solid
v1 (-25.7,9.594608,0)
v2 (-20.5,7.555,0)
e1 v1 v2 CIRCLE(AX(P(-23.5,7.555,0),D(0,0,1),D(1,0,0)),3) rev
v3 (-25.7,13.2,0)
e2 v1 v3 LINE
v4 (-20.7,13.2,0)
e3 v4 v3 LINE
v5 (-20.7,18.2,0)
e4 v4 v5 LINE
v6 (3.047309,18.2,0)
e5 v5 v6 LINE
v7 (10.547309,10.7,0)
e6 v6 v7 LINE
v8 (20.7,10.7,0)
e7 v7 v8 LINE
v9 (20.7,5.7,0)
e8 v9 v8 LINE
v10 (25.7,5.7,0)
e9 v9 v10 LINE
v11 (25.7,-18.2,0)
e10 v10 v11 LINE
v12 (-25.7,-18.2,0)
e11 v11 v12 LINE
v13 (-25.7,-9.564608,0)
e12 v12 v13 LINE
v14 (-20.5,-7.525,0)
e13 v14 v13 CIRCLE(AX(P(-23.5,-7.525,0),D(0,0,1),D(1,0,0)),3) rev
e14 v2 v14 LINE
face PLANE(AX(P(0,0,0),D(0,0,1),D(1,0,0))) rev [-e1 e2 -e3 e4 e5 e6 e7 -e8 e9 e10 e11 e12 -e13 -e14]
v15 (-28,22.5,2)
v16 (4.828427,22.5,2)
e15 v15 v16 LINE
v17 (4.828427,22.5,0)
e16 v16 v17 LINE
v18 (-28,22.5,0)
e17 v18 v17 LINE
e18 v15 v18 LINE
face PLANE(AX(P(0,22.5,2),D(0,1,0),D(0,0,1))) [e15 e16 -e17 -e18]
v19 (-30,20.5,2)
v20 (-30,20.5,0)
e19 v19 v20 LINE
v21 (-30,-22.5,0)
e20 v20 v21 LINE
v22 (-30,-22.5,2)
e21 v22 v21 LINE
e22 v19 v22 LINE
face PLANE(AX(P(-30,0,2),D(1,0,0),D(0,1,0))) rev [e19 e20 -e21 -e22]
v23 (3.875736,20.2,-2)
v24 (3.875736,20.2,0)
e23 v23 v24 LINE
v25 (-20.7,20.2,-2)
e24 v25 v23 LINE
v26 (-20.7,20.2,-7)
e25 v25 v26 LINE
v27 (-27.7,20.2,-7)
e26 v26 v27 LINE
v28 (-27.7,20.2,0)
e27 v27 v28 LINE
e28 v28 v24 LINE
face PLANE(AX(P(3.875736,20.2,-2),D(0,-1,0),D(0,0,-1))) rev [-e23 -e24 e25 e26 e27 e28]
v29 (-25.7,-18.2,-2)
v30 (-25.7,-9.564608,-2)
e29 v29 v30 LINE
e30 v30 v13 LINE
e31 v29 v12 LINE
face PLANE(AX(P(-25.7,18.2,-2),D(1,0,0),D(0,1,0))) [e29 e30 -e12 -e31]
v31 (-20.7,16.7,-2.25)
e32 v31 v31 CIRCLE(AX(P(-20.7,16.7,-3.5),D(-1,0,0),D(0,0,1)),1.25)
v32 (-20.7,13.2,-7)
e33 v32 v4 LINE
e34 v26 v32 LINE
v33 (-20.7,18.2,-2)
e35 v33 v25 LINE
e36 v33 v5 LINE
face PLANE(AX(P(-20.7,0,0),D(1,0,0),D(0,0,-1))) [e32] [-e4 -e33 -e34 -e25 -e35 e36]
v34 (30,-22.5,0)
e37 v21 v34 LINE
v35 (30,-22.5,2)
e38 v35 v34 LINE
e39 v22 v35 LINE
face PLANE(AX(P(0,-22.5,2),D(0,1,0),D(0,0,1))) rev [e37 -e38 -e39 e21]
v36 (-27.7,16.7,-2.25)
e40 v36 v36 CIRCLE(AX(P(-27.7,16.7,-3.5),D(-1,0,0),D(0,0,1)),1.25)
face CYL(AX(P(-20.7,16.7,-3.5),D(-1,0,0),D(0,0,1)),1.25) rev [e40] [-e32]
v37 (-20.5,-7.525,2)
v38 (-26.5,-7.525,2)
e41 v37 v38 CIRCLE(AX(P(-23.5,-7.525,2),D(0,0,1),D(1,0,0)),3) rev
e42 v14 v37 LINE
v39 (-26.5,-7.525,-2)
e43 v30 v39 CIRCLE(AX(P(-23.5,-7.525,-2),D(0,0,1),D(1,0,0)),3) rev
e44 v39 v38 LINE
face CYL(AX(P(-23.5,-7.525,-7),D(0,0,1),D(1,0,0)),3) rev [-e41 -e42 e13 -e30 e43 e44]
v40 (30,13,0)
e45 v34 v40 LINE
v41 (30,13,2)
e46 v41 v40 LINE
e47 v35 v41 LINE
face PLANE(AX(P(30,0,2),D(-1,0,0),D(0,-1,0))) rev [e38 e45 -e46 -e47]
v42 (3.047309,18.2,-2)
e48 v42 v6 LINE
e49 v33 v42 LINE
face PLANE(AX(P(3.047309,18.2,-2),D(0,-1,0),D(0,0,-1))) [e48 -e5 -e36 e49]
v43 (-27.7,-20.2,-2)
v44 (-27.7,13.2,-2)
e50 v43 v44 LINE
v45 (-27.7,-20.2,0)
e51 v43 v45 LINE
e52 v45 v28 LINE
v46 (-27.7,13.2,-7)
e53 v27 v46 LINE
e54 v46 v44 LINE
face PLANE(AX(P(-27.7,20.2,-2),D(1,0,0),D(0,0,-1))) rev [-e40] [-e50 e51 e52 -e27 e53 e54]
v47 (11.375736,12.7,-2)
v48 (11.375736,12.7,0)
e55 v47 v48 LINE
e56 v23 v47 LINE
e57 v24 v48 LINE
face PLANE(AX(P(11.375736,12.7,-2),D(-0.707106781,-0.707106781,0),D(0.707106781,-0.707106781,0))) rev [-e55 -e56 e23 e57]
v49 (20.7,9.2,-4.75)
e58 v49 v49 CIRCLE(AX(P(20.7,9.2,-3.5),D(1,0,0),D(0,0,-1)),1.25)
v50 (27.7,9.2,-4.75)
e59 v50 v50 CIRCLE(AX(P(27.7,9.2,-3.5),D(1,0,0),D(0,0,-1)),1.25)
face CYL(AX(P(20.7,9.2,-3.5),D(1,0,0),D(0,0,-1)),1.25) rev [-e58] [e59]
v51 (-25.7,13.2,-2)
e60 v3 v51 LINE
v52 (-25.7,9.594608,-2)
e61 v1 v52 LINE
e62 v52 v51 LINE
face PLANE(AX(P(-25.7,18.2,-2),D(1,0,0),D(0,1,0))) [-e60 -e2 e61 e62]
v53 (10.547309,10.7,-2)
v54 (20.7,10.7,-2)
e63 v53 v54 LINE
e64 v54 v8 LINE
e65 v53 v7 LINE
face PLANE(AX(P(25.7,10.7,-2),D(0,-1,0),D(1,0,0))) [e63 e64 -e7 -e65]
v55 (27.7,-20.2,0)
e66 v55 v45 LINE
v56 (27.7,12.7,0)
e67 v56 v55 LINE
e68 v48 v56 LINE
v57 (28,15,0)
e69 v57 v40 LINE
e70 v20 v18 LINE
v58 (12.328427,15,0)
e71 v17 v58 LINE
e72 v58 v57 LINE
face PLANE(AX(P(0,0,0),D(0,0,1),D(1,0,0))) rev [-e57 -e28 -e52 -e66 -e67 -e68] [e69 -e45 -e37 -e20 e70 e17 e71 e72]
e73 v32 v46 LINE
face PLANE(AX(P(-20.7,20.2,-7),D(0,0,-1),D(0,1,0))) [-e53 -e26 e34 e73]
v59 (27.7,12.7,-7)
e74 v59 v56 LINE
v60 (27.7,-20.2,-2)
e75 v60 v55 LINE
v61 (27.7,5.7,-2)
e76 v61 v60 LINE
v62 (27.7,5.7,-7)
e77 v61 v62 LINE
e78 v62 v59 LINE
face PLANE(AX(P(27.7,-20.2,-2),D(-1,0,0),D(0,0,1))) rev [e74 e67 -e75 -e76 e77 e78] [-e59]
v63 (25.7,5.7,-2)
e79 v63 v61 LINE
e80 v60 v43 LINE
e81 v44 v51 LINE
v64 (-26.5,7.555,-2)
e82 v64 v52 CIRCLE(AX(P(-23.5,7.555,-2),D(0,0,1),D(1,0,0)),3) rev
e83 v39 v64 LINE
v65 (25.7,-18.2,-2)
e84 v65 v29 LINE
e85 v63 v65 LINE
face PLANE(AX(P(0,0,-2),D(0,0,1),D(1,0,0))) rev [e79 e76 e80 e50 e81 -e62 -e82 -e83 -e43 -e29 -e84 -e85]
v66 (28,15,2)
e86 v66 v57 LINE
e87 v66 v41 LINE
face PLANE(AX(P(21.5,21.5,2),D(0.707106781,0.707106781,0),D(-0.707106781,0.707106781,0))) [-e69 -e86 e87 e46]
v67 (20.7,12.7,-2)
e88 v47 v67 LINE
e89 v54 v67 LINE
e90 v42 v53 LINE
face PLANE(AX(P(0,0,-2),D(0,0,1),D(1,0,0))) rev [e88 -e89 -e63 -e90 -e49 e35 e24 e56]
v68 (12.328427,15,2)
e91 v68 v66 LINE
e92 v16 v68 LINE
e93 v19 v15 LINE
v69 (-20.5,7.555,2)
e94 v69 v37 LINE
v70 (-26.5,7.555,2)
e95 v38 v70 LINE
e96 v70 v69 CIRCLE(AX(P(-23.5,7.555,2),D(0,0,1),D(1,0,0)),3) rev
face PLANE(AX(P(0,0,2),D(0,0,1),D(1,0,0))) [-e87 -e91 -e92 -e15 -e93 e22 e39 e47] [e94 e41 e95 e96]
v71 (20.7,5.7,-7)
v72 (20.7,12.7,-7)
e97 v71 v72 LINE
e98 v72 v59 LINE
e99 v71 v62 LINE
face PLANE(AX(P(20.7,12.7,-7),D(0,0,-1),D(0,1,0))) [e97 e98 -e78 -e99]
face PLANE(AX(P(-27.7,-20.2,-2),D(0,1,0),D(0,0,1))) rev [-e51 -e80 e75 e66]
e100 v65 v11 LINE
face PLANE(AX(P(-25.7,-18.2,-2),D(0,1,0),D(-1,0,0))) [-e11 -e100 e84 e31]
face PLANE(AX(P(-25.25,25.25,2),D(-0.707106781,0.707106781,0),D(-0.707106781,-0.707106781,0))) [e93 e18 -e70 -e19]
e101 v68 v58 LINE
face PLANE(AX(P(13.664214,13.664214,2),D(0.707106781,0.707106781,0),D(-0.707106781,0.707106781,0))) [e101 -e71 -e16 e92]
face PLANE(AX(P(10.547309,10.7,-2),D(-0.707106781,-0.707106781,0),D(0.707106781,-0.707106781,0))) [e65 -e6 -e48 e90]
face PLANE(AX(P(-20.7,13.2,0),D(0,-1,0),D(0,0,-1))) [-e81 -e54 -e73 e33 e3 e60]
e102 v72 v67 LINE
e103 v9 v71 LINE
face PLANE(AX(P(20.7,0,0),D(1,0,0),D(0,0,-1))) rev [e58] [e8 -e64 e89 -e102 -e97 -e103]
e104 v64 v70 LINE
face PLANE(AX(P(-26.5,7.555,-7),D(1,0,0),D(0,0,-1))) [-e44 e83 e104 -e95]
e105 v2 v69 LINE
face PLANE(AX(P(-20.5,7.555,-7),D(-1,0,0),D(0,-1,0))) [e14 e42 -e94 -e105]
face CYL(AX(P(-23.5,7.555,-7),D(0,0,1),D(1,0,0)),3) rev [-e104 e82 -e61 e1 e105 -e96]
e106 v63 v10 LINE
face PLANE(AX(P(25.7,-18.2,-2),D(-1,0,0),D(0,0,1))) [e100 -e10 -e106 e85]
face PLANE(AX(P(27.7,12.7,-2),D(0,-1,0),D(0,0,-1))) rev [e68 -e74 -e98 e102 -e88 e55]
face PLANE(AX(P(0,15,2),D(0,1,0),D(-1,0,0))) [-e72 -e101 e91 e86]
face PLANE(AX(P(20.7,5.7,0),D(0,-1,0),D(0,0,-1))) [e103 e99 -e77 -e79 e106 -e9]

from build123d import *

# Parameters (mm, degrees)
EXTRUDE_1_DEPTH          = 2
EXTRUDE_3_DEPTH          = 2
SKETCH_5_W               = 7
SKETCH_5_H               = 7
SKETCH_5_R               = 1.25
EXTRUDE_4_DEPTH          = 7
SKETCH_6_W               = 7
SKETCH_6_H               = 7
SKETCH_6_R               = 1.25
EXTRUDE_5_DEPTH          = 7
CUT_EXTRUDE_1_DEPTH      = 7
CUT_EXTRUDE_1_DEPTH_BACK = 2


with BuildPart() as part:
    # Эскиз1 → Бобышка-Вытянуть1 (new body)
    with BuildSketch(Plane.XY):
        Polygon((-30, 20.5), (-28, 22.5), (4.828427125, 22.5), (12.328427125, 15), (28, 15), (30, 13), (30, -22.5), (-30, -22.5), align=None)
    extrude(amount=EXTRUDE_1_DEPTH)

    # Эскиз4 → Бобышка-Вытянуть3 (add)
    with BuildSketch(Plane(origin=(0, 0, 0), x_dir=(-1, 0, 0), z_dir=(0, 0, -1))):
        Polygon((-27.7, -20.2), (-27.7, 12.7), (-11.375735931, 12.7), (-3.875735931, 20.2), (27.7, 20.2), (27.7, -20.2), align=None)
        Polygon((-25.7, 10.7), (-10.547308807, 10.7), (-3.047308807, 18.2), (25.7, 18.2), (25.7, -18.2), (-25.7, -18.2), align=None, mode=Mode.SUBTRACT)
    extrude(amount=EXTRUDE_3_DEPTH)

    # Эскиз5 → Бобышка-Вытянуть4 (add)
    with BuildSketch(Plane(origin=(27.7, 0, 0), x_dir=(0, 0, -1), z_dir=(1, 0, 0))):
        with Locations((3.5, 9.2)):
            Rectangle(SKETCH_5_W, SKETCH_5_H)
        with Locations((3.5, 9.2)):
            Circle(SKETCH_5_R, mode=Mode.SUBTRACT)
    extrude(amount=-EXTRUDE_4_DEPTH)

    # Эскиз6 → Бобышка-Вытянуть5 (add)
    with BuildSketch(Plane.ZY.offset(27.7)):
        with Locations((-3.5, 16.7)):
            Rectangle(SKETCH_6_W, SKETCH_6_H)
        with Locations((-3.5, 16.7)):
            Circle(SKETCH_6_R, mode=Mode.SUBTRACT)
    extrude(amount=-EXTRUDE_5_DEPTH)

    # Эскиз7 → Вырез-Вытянуть1 (cut, two sides)
    with BuildSketch(Plane(origin=(0, 0, 0), x_dir=(-1, 0, 0), z_dir=(0, 0, -1))) as cut_extrude_1_sk:
        with BuildLine():
            Line((26.5, 7.555), (26.5, -7.525))
            ThreePointArc((26.5, -7.525), (23.5, -10.525), (20.5, -7.525))
            Line((20.5, -7.525), (20.5, 7.555))
            ThreePointArc((20.5, 7.555), (23.5, 10.555), (26.5, 7.555))
        make_face()
    extrude(amount=CUT_EXTRUDE_1_DEPTH, mode=Mode.SUBTRACT)
    extrude(cut_extrude_1_sk.sketch, amount=-CUT_EXTRUDE_1_DEPTH_BACK, mode=Mode.SUBTRACT)


solid = part.part
